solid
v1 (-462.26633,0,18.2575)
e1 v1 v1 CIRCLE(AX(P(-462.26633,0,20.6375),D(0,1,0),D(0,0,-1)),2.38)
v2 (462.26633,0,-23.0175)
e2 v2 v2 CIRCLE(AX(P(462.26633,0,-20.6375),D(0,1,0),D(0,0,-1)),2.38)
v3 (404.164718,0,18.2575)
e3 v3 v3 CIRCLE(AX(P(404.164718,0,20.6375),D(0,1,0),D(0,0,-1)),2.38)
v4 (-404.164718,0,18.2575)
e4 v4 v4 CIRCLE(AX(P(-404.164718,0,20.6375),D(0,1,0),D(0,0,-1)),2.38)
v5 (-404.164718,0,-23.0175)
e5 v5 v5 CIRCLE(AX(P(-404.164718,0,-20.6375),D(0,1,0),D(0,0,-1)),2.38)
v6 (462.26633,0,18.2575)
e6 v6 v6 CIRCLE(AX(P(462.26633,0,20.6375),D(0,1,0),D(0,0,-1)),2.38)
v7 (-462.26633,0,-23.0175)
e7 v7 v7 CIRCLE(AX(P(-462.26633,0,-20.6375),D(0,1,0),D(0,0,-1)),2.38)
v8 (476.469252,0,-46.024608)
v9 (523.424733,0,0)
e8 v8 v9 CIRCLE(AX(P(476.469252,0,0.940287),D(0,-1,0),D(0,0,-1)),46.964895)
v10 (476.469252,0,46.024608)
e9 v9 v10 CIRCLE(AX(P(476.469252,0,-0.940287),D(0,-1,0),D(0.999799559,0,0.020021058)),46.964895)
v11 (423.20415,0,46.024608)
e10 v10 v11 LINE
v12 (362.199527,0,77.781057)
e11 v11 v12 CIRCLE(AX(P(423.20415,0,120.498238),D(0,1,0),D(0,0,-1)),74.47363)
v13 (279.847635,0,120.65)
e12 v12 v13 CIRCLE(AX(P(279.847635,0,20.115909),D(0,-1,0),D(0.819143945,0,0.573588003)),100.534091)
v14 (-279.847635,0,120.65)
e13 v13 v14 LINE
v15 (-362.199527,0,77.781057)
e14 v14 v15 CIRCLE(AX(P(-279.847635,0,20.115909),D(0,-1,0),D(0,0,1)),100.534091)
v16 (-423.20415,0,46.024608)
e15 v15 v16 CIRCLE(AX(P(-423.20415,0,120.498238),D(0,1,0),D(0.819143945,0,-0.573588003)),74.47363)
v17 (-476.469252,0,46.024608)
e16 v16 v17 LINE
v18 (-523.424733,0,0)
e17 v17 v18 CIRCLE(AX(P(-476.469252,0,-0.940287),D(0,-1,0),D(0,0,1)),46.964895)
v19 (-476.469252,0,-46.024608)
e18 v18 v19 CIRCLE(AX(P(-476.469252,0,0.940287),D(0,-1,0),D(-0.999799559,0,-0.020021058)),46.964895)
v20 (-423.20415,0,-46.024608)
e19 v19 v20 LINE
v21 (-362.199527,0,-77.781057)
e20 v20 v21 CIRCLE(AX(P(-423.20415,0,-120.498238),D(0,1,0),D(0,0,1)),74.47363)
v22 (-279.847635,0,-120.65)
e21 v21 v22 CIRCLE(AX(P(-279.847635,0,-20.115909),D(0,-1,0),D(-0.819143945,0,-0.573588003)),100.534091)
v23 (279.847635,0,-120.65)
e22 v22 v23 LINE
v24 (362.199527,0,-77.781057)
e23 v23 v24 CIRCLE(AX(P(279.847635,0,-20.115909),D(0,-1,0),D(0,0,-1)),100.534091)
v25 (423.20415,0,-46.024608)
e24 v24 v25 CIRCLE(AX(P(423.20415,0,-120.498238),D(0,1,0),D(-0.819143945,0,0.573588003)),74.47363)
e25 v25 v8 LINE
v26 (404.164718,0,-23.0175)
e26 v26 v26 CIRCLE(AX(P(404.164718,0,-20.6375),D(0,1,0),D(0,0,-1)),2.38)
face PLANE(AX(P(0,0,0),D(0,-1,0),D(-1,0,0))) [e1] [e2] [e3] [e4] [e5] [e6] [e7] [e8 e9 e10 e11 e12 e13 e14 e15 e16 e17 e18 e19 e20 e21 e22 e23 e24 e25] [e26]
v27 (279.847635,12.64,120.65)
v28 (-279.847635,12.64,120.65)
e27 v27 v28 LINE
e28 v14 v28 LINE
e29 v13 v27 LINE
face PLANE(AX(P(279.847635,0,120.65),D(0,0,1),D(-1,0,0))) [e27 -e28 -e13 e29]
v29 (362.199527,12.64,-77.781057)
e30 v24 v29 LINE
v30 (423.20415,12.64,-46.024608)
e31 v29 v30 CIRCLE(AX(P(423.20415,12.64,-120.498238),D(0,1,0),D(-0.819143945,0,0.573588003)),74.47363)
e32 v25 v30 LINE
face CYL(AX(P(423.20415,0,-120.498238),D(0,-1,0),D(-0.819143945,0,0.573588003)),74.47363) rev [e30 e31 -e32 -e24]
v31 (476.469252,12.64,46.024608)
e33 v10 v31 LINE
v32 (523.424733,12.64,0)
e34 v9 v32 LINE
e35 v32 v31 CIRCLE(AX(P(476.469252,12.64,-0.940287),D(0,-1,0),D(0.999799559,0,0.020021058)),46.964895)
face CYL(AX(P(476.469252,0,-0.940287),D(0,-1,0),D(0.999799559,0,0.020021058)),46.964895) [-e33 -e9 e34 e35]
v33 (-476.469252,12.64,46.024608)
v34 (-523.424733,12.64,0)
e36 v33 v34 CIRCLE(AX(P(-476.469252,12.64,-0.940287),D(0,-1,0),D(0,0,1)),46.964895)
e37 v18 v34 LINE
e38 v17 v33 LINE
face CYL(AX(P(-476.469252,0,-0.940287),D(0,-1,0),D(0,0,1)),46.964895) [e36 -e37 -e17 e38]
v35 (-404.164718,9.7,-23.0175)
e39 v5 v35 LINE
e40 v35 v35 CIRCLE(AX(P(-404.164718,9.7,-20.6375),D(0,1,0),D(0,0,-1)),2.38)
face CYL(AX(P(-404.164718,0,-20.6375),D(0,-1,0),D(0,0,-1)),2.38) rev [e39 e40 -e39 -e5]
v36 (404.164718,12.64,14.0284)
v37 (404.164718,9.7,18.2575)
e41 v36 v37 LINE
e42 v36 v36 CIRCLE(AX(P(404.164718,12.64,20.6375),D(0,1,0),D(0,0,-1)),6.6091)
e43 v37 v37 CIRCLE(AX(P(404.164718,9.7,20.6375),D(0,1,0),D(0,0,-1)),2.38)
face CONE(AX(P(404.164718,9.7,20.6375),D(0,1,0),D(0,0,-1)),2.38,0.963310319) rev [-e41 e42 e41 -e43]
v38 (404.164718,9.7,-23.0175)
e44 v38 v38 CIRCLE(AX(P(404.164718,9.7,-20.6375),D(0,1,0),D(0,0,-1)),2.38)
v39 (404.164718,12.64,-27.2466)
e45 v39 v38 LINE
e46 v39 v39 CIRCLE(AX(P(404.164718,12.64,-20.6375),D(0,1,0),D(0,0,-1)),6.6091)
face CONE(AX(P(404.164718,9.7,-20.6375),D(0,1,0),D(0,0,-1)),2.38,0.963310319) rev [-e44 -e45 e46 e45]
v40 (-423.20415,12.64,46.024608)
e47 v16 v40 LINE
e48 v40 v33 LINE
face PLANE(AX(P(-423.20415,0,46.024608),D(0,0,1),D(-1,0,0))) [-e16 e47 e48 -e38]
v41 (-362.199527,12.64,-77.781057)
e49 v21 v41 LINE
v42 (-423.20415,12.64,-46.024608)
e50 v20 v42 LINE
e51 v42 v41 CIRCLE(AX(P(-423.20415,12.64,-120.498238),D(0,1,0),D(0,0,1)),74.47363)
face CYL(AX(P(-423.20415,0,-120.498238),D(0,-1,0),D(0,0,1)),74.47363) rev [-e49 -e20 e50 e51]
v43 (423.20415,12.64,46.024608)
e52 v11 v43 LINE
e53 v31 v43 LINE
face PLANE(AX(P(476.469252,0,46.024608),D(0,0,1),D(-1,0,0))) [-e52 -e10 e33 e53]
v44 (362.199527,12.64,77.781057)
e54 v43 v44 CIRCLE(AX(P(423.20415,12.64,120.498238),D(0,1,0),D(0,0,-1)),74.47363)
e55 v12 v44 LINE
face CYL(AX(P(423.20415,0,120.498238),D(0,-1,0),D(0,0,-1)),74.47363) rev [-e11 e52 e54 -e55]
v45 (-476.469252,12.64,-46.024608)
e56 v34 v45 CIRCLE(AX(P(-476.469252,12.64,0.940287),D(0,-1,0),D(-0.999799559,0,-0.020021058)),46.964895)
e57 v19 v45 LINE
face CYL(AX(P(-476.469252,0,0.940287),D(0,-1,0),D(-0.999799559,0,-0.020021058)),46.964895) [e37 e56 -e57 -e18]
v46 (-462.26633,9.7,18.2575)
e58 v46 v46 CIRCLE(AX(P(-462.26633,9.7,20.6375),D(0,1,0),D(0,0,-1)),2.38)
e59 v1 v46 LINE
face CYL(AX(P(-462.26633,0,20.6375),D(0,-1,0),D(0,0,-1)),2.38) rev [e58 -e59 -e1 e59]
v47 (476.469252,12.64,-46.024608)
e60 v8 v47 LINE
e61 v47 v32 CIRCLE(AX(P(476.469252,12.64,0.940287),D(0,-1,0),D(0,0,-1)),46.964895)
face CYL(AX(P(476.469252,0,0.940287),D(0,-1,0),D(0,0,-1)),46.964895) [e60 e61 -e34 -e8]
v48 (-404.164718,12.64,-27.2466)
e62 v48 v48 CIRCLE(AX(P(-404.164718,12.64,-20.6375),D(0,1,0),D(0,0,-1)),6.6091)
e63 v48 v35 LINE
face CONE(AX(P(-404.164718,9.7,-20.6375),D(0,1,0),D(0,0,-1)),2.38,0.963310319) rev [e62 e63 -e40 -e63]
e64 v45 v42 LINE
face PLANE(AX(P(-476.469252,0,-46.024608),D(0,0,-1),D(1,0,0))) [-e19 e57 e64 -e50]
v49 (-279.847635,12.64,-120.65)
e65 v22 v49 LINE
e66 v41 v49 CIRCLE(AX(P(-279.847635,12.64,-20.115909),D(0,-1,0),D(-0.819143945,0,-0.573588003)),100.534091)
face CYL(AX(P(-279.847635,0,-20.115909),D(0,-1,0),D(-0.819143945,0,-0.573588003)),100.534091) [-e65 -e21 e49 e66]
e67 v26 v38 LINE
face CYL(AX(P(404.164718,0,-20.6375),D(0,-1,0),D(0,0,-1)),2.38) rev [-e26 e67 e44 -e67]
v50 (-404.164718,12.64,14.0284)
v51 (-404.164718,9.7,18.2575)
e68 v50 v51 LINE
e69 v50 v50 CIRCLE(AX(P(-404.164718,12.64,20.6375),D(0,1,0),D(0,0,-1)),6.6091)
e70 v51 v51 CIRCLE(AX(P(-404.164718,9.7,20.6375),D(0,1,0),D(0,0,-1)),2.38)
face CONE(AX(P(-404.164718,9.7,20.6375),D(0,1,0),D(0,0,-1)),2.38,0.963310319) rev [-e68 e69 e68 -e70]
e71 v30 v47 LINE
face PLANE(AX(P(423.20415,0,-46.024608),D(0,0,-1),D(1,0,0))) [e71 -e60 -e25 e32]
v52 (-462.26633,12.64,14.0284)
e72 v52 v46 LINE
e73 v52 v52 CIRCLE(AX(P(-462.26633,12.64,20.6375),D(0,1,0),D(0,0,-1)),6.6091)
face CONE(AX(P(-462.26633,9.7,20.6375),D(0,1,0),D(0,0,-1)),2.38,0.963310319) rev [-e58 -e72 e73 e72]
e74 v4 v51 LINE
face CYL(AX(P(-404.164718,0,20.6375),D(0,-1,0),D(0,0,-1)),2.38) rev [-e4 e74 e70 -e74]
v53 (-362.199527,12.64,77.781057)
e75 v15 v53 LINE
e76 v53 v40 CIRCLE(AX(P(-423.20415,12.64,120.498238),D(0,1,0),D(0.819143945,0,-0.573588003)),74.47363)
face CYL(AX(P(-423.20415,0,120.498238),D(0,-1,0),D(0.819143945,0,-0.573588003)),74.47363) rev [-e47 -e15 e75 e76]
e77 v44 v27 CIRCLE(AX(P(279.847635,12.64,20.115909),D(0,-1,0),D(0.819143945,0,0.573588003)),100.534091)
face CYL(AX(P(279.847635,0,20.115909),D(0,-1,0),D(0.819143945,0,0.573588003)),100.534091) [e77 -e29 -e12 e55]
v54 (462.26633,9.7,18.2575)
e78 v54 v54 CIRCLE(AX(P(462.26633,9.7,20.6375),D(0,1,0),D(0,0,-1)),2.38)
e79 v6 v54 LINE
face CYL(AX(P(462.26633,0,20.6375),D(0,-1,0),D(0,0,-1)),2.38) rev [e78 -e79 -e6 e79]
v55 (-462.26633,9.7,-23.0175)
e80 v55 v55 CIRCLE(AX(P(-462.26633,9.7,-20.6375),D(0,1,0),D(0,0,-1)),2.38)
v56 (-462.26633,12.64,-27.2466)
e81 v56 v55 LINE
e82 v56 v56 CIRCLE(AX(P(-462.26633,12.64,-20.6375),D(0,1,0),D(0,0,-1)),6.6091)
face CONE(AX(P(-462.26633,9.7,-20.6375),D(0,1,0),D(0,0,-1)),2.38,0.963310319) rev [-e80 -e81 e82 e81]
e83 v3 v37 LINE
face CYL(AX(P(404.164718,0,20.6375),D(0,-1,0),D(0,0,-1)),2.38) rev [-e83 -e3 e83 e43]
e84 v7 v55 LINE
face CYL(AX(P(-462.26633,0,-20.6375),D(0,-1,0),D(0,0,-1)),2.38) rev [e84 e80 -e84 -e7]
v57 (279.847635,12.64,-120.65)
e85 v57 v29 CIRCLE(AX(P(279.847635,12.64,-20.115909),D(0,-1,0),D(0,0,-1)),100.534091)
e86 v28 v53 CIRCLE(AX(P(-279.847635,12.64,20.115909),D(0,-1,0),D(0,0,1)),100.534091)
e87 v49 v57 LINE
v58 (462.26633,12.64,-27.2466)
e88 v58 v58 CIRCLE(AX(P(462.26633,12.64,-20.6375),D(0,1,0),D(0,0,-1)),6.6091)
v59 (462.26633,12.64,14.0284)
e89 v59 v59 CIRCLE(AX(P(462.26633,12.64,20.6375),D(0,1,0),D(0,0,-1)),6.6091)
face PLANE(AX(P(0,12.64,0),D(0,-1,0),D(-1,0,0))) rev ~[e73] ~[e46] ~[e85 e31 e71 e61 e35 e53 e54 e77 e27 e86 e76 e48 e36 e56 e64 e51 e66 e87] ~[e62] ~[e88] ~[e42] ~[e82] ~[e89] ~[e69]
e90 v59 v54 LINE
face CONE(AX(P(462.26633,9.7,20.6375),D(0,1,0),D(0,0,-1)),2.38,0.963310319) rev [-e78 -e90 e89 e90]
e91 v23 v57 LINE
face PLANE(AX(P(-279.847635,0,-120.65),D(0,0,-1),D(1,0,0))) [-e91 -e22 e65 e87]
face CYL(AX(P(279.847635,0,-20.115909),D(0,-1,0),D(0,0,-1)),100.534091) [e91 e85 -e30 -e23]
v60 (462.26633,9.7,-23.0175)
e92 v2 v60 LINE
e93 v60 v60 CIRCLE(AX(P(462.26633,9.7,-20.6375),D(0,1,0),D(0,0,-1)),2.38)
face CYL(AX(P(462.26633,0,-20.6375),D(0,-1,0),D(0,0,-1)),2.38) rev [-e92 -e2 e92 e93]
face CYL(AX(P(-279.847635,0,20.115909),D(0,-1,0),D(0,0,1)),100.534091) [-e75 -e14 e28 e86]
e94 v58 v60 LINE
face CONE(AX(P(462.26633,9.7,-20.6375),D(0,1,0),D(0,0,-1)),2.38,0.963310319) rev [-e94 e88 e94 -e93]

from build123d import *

# Parameters (mm, degrees)
SKETCH1_R           = 2.38
BOSS_EXTRUDE1_DEPTH = 12.64
CHAMFER1_SIZE       = 4.2291
CHAMFER1_SIZE2      = 2.94


with BuildPart() as part:
    # Sketch1 → Boss-Extrude1 (new body)
    with BuildSketch(Plane(origin=(0, 0, 0), x_dir=(1, 0, 0), z_dir=(0, 1, 0))):
        with BuildLine():
            Line((279.847634913, -120.65), (-279.847634913, -120.65))
            ThreePointArc((-279.847634913, -120.65), (-326.268482654, -109.291064504), (-362.199527238, -77.781057273))
            ThreePointArc((-362.199527238, -77.781057273), (-388.816521313, -54.439078616), (-423.204150273, -46.024608002))
            Line((-423.204150273, -46.024608002), (-476.469252285, -46.024608002))
            ThreePointArc((-476.469252285, -46.024608002), (-509.344325494, -32.599702877), (-523.424733457, 0))
            ThreePointArc((-523.424733457, 0), (-509.344325494, 32.599702877), (-476.469252285, 46.024608002))
            Line((-476.469252285, 46.024608002), (-423.204150273, 46.024608002))
            ThreePointArc((-423.204150273, 46.024608002), (-388.816521313, 54.439078616), (-362.199527238, 77.781057273))
            ThreePointArc((-362.199527238, 77.781057273), (-326.268482654, 109.291064504), (-279.847634913, 120.65))
            Line((-279.847634913, 120.65), (279.847634913, 120.65))
            ThreePointArc((279.847634913, 120.65), (326.268482654, 109.291064504), (362.199527238, 77.781057273))
            ThreePointArc((362.199527238, 77.781057273), (388.816521313, 54.439078616), (423.204150273, 46.024608002))
            Line((423.204150273, 46.024608002), (476.469252285, 46.024608002))
            ThreePointArc((476.469252285, 46.024608002), (509.344325494, 32.599702877), (523.424733457, 0))
            ThreePointArc((523.424733457, 0), (509.344325494, -32.599702877), (476.469252285, -46.024608002))
            Line((476.469252285, -46.024608002), (423.204150273, -46.024608002))
            ThreePointArc((423.204150273, -46.024608002), (388.816521313, -54.439078616), (362.199527238, -77.781057273))
            ThreePointArc((362.199527238, -77.781057273), (326.268482654, -109.291064504), (279.847634913, -120.65))
        make_face()
        with Locations(Location((-404.164718127, 20.6375, 0), (0, 0, 90))):
            Circle(SKETCH1_R, mode=Mode.SUBTRACT)
        with Locations(Location((-462.266329753, 20.6375, 0), (0, 0, 90))):
            Circle(SKETCH1_R, mode=Mode.SUBTRACT)
        with Locations(Location((-404.164718127, -20.6375, 0), (0, 0, 90))):
            Circle(SKETCH1_R, mode=Mode.SUBTRACT)
        with Locations(Location((-462.266329753, -20.6375, 0), (0, 0, 90))):
            Circle(SKETCH1_R, mode=Mode.SUBTRACT)
        with Locations(Location((462.266329753, -20.6375, 0), (0, 0, 90))):
            Circle(SKETCH1_R, mode=Mode.SUBTRACT)
        with Locations(Location((404.164718127, -20.6375, 0), (0, 0, 90))):
            Circle(SKETCH1_R, mode=Mode.SUBTRACT)
        with Locations(Location((462.266329753, 20.6375, 0), (0, 0, 90))):
            Circle(SKETCH1_R, mode=Mode.SUBTRACT)
        with Locations(Location((404.164718127, 20.6375, 0), (0, 0, 90))):
            Circle(SKETCH1_R, mode=Mode.SUBTRACT)
    extrude(amount=BOSS_EXTRUDE1_DEPTH)

    # Chamfer1
    chamfer1_edges = [part.edges().sort_by_distance(p)[0] for p in [
        (-462.266329753, 12.64, -18.2575),
        (-404.164718127, 12.64, 23.0175),
        (-462.266329753, 12.64, 23.0175),
        (-404.164718127, 12.64, -18.2575),
        (462.266329753, 12.64, 23.0175),
        (404.164718127, 12.64, 23.0175),
        (462.266329753, 12.64, -18.2575),
        (404.164718127, 12.64, -18.2575),
    ]]
    chamfer1_side = [part.faces().sort_by_distance(p)[0] for p in [
        (0, 12.64, 0),
    ]]
    chamfer(chamfer1_edges, length=CHAMFER1_SIZE, length2=CHAMFER1_SIZE2, reference=chamfer1_side[0])


solid = part.part
